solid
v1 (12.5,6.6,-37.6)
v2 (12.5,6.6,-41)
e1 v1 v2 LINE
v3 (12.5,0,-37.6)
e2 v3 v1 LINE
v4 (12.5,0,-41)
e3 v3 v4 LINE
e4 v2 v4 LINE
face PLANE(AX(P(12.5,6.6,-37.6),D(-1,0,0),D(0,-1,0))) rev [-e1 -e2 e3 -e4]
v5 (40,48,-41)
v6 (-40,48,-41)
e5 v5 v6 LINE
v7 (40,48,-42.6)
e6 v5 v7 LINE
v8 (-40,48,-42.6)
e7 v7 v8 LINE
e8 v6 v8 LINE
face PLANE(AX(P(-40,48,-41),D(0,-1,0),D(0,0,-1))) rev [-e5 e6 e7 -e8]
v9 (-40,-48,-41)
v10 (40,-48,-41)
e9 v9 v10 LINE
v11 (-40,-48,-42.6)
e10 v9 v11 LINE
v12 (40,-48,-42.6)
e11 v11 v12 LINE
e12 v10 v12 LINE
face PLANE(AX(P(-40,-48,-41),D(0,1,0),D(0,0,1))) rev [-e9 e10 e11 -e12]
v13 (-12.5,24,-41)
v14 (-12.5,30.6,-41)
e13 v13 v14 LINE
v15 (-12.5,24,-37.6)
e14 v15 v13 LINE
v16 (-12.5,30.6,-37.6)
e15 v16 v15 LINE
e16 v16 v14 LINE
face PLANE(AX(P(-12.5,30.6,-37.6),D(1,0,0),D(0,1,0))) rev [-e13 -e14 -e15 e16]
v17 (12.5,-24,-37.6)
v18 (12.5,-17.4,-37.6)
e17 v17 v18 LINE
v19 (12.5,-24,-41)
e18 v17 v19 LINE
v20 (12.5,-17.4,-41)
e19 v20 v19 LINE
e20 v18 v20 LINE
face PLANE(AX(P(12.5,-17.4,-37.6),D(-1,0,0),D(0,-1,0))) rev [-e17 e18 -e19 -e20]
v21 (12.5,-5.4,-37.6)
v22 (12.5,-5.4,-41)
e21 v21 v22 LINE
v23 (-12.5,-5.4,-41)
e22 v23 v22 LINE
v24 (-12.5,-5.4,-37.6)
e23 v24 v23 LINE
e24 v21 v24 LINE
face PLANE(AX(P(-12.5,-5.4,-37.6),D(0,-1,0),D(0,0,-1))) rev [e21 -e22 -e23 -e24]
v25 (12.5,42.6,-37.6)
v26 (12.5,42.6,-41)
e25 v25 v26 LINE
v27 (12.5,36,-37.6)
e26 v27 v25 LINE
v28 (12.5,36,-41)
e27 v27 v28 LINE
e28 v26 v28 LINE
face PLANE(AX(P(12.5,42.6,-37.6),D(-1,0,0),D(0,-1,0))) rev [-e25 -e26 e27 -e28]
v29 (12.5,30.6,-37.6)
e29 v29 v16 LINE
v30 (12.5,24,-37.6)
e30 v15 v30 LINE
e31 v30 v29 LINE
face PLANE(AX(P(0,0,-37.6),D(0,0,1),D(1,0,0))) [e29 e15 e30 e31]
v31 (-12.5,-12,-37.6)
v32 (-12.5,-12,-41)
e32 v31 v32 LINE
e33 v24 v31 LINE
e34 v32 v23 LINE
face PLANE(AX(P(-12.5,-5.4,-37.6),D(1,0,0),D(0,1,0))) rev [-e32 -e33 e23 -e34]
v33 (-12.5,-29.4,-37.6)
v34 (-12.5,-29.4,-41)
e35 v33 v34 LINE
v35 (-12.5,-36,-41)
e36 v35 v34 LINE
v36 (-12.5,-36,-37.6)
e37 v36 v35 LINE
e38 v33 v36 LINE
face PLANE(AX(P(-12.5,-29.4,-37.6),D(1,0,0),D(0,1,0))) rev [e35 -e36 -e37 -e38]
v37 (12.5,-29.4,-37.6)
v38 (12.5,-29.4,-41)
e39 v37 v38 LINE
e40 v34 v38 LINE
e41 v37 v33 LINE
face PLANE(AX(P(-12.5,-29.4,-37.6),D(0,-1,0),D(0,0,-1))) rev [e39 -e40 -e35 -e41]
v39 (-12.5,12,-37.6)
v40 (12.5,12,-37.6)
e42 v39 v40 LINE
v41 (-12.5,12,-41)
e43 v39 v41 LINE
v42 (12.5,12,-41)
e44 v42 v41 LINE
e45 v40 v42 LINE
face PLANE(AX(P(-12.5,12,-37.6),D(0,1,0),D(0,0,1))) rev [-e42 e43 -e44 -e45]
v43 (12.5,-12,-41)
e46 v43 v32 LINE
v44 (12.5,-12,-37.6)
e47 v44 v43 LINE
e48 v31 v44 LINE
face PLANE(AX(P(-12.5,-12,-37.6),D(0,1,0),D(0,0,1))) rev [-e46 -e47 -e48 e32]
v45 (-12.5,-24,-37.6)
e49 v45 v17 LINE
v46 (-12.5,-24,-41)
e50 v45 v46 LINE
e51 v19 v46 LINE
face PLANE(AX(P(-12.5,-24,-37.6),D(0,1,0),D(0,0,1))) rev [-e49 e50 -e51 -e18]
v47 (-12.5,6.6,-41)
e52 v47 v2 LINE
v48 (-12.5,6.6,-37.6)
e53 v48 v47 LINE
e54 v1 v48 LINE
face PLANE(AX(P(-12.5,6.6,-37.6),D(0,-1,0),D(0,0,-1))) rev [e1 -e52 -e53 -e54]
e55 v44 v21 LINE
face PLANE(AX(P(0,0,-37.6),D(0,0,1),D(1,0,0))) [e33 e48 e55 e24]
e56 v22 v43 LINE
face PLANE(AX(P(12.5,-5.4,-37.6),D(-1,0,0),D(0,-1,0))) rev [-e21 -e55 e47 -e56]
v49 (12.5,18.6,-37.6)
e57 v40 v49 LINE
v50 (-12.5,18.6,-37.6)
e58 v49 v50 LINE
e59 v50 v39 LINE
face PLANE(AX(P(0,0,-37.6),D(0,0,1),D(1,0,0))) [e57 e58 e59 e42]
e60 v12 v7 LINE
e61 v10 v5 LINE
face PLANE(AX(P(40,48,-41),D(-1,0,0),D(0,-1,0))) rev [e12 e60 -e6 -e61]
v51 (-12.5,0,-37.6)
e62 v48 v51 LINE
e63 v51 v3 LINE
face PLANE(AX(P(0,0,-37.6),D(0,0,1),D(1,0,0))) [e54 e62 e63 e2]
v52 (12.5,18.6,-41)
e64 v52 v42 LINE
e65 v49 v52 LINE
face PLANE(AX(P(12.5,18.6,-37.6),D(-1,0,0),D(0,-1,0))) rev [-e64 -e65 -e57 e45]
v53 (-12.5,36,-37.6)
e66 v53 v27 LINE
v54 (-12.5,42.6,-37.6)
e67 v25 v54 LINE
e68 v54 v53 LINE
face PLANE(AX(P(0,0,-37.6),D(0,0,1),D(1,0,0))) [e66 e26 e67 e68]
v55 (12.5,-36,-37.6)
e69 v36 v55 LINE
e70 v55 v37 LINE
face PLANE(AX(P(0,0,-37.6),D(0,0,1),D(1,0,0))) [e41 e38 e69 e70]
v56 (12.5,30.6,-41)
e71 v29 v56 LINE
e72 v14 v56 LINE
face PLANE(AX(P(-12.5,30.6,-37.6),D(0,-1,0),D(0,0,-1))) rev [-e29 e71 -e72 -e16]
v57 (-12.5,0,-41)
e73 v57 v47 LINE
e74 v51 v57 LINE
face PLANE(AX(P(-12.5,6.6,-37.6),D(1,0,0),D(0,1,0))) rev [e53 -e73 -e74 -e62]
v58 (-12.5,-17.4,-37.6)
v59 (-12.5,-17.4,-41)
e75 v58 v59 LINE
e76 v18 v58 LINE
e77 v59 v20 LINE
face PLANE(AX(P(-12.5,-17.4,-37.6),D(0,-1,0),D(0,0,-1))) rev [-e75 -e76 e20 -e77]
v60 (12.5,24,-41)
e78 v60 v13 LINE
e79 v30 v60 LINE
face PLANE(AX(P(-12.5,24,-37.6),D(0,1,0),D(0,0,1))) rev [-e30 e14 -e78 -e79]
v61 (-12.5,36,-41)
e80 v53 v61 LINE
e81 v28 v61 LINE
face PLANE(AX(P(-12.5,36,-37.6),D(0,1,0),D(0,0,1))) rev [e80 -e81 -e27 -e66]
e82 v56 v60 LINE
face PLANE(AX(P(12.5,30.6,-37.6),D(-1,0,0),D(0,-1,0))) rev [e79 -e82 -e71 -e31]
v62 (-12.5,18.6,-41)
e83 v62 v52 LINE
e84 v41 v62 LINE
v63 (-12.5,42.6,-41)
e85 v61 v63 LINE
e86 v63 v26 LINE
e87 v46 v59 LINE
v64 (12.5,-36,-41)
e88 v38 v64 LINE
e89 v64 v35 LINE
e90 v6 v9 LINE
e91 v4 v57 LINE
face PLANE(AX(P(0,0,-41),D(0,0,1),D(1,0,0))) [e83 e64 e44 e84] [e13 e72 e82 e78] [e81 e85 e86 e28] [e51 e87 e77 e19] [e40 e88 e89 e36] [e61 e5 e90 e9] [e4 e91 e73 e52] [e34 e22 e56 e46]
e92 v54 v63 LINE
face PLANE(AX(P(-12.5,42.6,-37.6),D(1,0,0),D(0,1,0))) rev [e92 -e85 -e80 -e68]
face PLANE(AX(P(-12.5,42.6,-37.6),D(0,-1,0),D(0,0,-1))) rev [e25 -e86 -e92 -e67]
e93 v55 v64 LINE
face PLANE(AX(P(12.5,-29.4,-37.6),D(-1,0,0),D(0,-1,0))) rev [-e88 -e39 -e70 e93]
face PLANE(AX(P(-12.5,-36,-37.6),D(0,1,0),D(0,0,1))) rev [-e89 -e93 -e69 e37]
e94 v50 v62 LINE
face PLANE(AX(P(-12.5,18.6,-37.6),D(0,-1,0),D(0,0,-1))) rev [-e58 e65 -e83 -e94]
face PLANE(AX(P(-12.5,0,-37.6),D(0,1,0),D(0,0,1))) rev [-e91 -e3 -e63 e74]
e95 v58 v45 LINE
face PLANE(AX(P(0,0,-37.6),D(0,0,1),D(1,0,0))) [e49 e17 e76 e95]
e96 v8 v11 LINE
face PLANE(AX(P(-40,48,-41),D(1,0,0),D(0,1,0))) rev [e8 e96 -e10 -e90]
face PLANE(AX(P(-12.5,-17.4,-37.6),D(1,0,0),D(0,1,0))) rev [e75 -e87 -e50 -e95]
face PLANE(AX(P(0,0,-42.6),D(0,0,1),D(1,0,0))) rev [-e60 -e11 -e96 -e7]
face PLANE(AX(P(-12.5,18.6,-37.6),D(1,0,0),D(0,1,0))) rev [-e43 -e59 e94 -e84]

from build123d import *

# Parameters (mm, degrees)
SKETCH1_W           = 80
SKETCH1_H           = 96
BOSS_EXTRUDE1_DEPTH = 1.6
SKETCH3_W           = 25
SKETCH3_H           = 6.6
BOSS_EXTRUDE2_DEPTH = 5


with BuildPart() as part:
    # Sketch1 → Boss-Extrude1 (new body)
    with BuildSketch(Plane.XY.offset(-42.6)):
        Rectangle(SKETCH1_W, SKETCH1_H)
    extrude(amount=BOSS_EXTRUDE1_DEPTH)

    # Sketch3 → Boss-Extrude2 (add)
    with BuildSketch(Plane.XY.offset(-42.6)):
        with Locations((0, 39.3)):
            Rectangle(SKETCH3_W, SKETCH3_H)
        with Locations((0, 27.3)):
            Rectangle(SKETCH3_W, SKETCH3_H)
        with Locations((0, 15.3)):
            Rectangle(SKETCH3_W, SKETCH3_H)
        with Locations((0, 3.3)):
            Rectangle(SKETCH3_W, SKETCH3_H)
        with Locations((0, -8.7)):
            Rectangle(SKETCH3_W, SKETCH3_H)
        with Locations((0, -20.7)):
            Rectangle(SKETCH3_W, SKETCH3_H)
        with Locations((0, -32.7)):
            Rectangle(SKETCH3_W, SKETCH3_H)
    extrude(amount=BOSS_EXTRUDE2_DEPTH)


solid = part.part
